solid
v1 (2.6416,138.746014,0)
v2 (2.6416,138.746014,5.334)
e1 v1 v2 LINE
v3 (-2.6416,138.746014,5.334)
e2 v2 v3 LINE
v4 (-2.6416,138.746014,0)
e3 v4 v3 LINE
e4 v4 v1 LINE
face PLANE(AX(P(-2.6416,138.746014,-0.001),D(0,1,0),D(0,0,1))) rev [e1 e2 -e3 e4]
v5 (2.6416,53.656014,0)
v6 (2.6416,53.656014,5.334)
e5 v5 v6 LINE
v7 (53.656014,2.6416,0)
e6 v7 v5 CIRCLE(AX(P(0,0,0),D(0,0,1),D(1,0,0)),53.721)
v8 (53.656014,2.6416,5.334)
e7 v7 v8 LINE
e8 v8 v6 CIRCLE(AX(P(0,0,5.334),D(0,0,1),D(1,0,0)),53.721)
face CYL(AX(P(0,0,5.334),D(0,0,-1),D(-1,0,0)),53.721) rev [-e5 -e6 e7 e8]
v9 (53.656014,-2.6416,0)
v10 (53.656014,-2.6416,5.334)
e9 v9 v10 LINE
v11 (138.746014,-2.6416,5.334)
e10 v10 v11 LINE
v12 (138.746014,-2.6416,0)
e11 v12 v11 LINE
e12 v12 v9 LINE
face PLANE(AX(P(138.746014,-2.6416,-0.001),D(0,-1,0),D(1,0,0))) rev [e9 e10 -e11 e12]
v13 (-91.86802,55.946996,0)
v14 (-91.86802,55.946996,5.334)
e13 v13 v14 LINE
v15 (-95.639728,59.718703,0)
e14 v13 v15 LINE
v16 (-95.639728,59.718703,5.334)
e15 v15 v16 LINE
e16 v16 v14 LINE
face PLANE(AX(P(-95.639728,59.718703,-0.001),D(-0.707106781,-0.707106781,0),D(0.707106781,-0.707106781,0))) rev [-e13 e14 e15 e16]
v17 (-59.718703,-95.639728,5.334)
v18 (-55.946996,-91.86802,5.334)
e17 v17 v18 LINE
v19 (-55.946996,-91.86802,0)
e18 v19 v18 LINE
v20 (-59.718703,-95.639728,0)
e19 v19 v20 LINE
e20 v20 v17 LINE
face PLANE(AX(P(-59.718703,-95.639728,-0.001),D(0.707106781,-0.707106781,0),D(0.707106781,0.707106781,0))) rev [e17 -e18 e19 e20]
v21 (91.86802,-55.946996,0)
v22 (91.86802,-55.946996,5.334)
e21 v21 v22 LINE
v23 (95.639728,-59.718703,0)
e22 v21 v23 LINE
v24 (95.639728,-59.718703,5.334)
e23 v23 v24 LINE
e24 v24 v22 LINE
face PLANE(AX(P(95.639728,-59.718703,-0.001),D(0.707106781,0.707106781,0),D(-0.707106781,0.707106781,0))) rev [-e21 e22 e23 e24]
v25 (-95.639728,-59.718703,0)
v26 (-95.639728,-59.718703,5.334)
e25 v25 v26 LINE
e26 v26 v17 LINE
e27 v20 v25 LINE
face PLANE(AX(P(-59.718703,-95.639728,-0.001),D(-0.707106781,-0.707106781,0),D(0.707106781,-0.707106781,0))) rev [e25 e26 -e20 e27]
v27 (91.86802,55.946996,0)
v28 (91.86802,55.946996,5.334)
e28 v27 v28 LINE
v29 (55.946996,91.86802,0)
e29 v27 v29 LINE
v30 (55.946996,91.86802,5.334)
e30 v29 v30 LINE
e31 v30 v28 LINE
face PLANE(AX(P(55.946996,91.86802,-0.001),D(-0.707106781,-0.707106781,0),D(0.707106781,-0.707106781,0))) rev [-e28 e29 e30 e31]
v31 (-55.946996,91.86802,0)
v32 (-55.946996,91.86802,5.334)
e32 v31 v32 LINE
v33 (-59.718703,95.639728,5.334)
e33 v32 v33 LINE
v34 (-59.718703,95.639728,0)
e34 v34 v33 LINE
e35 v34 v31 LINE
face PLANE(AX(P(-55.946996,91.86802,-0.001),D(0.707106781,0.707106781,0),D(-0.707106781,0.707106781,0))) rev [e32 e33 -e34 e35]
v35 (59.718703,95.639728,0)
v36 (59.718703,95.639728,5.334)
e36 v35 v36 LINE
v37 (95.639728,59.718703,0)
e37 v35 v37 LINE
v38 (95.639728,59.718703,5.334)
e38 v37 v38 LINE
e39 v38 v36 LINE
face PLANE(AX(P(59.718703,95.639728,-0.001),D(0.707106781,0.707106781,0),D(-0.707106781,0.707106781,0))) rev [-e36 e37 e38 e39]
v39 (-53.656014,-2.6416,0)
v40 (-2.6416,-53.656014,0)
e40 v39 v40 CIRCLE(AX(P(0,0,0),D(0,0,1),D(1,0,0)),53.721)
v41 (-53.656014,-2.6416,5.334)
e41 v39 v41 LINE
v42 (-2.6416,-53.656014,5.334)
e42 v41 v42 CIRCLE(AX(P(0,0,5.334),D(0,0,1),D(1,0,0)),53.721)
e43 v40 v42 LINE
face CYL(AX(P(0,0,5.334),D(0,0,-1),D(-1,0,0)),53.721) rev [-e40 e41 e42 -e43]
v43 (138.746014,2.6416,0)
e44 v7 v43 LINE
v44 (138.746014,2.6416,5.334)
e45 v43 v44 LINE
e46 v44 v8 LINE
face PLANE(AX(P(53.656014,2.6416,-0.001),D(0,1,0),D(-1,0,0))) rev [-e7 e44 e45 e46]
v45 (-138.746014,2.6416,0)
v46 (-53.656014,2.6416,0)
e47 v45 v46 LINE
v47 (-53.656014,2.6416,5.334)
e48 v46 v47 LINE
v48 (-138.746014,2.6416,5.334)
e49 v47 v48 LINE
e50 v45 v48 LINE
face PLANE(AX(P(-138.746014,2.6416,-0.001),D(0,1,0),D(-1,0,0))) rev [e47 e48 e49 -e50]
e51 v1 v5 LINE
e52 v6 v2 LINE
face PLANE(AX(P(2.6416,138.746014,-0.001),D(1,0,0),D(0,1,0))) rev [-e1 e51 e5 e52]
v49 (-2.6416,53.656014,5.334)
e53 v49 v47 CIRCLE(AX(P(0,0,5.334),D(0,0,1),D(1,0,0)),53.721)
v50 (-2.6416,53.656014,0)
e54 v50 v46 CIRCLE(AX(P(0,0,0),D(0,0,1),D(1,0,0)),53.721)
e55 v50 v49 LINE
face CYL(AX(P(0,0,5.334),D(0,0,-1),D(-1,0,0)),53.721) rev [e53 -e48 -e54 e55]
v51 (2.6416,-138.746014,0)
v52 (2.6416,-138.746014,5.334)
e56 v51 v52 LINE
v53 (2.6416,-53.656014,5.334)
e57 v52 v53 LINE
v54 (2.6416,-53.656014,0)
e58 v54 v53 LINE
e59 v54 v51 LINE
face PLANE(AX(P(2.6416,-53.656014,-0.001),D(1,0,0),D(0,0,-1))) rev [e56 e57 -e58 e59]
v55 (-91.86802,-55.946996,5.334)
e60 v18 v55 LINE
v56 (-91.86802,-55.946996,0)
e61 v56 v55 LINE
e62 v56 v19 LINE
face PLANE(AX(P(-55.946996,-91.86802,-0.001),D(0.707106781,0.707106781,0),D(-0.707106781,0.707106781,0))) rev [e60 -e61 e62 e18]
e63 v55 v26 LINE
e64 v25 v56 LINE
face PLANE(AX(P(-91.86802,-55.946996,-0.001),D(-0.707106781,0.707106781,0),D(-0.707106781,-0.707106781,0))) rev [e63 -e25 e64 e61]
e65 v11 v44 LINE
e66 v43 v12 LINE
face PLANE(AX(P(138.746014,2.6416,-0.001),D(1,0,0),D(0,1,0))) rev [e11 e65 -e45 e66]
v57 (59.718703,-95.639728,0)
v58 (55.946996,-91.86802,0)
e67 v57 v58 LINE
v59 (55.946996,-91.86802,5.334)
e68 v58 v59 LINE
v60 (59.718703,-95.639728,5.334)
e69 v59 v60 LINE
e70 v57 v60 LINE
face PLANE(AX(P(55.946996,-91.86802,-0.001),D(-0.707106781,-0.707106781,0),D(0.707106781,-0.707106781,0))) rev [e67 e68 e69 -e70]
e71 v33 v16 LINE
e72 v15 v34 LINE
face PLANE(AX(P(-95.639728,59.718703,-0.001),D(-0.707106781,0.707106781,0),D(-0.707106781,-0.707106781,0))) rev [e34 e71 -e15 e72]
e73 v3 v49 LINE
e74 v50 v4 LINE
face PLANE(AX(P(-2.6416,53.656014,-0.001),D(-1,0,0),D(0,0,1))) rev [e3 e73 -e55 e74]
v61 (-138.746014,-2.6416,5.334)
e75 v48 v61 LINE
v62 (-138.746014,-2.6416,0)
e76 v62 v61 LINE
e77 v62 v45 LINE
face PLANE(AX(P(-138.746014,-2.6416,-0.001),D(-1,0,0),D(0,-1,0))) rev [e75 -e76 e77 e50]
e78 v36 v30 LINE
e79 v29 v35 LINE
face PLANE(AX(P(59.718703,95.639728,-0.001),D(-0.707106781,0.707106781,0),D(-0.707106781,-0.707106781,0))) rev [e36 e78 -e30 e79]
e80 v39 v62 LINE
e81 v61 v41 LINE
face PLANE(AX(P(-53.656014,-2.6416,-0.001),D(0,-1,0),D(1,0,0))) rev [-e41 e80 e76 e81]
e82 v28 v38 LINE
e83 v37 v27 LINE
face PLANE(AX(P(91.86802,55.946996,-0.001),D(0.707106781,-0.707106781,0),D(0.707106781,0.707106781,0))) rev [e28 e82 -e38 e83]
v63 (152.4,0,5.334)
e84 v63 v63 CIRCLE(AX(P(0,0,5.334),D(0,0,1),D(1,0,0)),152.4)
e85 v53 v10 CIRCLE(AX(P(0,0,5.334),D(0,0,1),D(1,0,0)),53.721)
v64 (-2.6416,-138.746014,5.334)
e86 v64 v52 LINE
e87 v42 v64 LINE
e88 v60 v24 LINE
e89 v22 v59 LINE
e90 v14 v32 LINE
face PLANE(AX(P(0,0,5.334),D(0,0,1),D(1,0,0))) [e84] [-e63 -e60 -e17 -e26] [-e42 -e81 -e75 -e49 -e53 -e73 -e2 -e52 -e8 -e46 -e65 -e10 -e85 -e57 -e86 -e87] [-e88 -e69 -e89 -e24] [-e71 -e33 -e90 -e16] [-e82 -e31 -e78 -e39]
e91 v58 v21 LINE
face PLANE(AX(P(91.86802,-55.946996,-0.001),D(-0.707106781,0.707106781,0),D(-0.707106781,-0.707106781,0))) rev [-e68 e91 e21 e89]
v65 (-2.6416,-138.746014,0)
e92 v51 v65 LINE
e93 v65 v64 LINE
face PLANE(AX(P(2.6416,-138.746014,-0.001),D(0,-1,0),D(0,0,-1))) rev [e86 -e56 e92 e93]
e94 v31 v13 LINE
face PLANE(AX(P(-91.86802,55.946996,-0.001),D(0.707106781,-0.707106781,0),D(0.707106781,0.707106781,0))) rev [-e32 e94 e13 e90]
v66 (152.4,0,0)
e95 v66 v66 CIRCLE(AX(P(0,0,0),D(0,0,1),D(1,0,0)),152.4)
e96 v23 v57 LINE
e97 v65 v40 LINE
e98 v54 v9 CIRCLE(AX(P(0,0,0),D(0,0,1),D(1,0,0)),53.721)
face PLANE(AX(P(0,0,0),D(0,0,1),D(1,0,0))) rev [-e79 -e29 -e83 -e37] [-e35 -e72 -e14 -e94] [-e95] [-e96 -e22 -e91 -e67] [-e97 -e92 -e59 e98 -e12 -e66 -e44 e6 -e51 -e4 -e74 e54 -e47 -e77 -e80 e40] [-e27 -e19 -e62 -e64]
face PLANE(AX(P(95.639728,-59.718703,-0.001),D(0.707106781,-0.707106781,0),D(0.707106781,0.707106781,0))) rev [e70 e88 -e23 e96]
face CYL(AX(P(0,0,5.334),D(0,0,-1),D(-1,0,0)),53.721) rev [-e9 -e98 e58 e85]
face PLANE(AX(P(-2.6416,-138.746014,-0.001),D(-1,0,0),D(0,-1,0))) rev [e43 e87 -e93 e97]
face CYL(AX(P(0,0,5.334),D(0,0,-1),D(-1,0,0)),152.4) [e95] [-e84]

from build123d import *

# Parameters (mm, degrees)
SKETCH1_R           = 152.4
SKETCH1_R_2         = 53.721
BOSS_EXTRUDE1_DEPTH = 5.334
CUT_EXTRUDE2_REACH  = 217.592
CIRPATTERN1_COUNT   = 4
CUT_EXTRUDE3_REACH  = 217.592
CIRPATTERN2_COUNT   = 4


with BuildPart() as part:
    # Sketch1 → Boss-Extrude1 (new body)
    with BuildSketch(Plane.XY):
        Circle(SKETCH1_R)
        Circle(SKETCH1_R_2, mode=Mode.SUBTRACT)
    extrude(amount=BOSS_EXTRUDE1_DEPTH)

    # Sketch2 → Cut-Extrude2 (cut, up to next)
    with BuildSketch(Plane.XY.offset(5.334), mode=Mode.PRIVATE) as cut_extrude2_sk1:
        with BuildLine():
            Line((-2.6416, 53.656013553), (-2.6416, 138.746013553))
            Line((-2.6416, 138.746013553), (2.6416, 138.746013553))
            Line((2.6416, 138.746013553), (2.6416, 53.656013553))
            ThreePointArc((2.6416, 53.656013553), (0, 53.721), (-2.6416, 53.656013553))
        make_face()
    cut_extrude2_tool1 = extrude(cut_extrude2_sk1.sketch, amount=-CUT_EXTRUDE2_REACH, mode=Mode.PRIVATE) & part.part
    cut_extrude2 = cut_extrude2_tool1.solids().sort_by_distance((0, 96.222676, 5.334))[0]
    add(cut_extrude2, mode=Mode.SUBTRACT)

    # CirPattern1: Cut-Extrude2 ×4 about axis
    cirpattern1_axis = Axis((0, 0, 0), (0, 0, 1))
    for i in range(1, CIRPATTERN1_COUNT):
        add(cut_extrude2.rotate(cirpattern1_axis, i * 360 / CIRPATTERN1_COUNT), mode=Mode.SUBTRACT)

    # Sketch3 → Cut-Extrude3 (cut, up to next)
    with BuildSketch(Plane.XY.offset(5.334), mode=Mode.PRIVATE) as cut_extrude3_sk1:
        Polygon((-95.639727689, 59.718703205), (-59.718703205, 95.639727689), (-55.946995634, 91.868020119), (-91.868020119, 55.946995634), align=None)
    cut_extrude3_tool1 = extrude(cut_extrude3_sk1.sketch, amount=-CUT_EXTRUDE3_REACH, mode=Mode.PRIVATE) & part.part
    cut_extrude3 = cut_extrude3_tool1.solids().sort_by_distance((-75.793362, 75.793362, 5.334))[0]
    add(cut_extrude3, mode=Mode.SUBTRACT)

    # CirPattern2: Cut-Extrude3 ×4 about axis
    cirpattern2_axis = Axis((0, 0, 0), (0, 0, 1))
    for i in range(1, CIRPATTERN2_COUNT):
        add(cut_extrude3.rotate(cirpattern2_axis, i * 360 / CIRPATTERN2_COUNT), mode=Mode.SUBTRACT)


solid = part.part
